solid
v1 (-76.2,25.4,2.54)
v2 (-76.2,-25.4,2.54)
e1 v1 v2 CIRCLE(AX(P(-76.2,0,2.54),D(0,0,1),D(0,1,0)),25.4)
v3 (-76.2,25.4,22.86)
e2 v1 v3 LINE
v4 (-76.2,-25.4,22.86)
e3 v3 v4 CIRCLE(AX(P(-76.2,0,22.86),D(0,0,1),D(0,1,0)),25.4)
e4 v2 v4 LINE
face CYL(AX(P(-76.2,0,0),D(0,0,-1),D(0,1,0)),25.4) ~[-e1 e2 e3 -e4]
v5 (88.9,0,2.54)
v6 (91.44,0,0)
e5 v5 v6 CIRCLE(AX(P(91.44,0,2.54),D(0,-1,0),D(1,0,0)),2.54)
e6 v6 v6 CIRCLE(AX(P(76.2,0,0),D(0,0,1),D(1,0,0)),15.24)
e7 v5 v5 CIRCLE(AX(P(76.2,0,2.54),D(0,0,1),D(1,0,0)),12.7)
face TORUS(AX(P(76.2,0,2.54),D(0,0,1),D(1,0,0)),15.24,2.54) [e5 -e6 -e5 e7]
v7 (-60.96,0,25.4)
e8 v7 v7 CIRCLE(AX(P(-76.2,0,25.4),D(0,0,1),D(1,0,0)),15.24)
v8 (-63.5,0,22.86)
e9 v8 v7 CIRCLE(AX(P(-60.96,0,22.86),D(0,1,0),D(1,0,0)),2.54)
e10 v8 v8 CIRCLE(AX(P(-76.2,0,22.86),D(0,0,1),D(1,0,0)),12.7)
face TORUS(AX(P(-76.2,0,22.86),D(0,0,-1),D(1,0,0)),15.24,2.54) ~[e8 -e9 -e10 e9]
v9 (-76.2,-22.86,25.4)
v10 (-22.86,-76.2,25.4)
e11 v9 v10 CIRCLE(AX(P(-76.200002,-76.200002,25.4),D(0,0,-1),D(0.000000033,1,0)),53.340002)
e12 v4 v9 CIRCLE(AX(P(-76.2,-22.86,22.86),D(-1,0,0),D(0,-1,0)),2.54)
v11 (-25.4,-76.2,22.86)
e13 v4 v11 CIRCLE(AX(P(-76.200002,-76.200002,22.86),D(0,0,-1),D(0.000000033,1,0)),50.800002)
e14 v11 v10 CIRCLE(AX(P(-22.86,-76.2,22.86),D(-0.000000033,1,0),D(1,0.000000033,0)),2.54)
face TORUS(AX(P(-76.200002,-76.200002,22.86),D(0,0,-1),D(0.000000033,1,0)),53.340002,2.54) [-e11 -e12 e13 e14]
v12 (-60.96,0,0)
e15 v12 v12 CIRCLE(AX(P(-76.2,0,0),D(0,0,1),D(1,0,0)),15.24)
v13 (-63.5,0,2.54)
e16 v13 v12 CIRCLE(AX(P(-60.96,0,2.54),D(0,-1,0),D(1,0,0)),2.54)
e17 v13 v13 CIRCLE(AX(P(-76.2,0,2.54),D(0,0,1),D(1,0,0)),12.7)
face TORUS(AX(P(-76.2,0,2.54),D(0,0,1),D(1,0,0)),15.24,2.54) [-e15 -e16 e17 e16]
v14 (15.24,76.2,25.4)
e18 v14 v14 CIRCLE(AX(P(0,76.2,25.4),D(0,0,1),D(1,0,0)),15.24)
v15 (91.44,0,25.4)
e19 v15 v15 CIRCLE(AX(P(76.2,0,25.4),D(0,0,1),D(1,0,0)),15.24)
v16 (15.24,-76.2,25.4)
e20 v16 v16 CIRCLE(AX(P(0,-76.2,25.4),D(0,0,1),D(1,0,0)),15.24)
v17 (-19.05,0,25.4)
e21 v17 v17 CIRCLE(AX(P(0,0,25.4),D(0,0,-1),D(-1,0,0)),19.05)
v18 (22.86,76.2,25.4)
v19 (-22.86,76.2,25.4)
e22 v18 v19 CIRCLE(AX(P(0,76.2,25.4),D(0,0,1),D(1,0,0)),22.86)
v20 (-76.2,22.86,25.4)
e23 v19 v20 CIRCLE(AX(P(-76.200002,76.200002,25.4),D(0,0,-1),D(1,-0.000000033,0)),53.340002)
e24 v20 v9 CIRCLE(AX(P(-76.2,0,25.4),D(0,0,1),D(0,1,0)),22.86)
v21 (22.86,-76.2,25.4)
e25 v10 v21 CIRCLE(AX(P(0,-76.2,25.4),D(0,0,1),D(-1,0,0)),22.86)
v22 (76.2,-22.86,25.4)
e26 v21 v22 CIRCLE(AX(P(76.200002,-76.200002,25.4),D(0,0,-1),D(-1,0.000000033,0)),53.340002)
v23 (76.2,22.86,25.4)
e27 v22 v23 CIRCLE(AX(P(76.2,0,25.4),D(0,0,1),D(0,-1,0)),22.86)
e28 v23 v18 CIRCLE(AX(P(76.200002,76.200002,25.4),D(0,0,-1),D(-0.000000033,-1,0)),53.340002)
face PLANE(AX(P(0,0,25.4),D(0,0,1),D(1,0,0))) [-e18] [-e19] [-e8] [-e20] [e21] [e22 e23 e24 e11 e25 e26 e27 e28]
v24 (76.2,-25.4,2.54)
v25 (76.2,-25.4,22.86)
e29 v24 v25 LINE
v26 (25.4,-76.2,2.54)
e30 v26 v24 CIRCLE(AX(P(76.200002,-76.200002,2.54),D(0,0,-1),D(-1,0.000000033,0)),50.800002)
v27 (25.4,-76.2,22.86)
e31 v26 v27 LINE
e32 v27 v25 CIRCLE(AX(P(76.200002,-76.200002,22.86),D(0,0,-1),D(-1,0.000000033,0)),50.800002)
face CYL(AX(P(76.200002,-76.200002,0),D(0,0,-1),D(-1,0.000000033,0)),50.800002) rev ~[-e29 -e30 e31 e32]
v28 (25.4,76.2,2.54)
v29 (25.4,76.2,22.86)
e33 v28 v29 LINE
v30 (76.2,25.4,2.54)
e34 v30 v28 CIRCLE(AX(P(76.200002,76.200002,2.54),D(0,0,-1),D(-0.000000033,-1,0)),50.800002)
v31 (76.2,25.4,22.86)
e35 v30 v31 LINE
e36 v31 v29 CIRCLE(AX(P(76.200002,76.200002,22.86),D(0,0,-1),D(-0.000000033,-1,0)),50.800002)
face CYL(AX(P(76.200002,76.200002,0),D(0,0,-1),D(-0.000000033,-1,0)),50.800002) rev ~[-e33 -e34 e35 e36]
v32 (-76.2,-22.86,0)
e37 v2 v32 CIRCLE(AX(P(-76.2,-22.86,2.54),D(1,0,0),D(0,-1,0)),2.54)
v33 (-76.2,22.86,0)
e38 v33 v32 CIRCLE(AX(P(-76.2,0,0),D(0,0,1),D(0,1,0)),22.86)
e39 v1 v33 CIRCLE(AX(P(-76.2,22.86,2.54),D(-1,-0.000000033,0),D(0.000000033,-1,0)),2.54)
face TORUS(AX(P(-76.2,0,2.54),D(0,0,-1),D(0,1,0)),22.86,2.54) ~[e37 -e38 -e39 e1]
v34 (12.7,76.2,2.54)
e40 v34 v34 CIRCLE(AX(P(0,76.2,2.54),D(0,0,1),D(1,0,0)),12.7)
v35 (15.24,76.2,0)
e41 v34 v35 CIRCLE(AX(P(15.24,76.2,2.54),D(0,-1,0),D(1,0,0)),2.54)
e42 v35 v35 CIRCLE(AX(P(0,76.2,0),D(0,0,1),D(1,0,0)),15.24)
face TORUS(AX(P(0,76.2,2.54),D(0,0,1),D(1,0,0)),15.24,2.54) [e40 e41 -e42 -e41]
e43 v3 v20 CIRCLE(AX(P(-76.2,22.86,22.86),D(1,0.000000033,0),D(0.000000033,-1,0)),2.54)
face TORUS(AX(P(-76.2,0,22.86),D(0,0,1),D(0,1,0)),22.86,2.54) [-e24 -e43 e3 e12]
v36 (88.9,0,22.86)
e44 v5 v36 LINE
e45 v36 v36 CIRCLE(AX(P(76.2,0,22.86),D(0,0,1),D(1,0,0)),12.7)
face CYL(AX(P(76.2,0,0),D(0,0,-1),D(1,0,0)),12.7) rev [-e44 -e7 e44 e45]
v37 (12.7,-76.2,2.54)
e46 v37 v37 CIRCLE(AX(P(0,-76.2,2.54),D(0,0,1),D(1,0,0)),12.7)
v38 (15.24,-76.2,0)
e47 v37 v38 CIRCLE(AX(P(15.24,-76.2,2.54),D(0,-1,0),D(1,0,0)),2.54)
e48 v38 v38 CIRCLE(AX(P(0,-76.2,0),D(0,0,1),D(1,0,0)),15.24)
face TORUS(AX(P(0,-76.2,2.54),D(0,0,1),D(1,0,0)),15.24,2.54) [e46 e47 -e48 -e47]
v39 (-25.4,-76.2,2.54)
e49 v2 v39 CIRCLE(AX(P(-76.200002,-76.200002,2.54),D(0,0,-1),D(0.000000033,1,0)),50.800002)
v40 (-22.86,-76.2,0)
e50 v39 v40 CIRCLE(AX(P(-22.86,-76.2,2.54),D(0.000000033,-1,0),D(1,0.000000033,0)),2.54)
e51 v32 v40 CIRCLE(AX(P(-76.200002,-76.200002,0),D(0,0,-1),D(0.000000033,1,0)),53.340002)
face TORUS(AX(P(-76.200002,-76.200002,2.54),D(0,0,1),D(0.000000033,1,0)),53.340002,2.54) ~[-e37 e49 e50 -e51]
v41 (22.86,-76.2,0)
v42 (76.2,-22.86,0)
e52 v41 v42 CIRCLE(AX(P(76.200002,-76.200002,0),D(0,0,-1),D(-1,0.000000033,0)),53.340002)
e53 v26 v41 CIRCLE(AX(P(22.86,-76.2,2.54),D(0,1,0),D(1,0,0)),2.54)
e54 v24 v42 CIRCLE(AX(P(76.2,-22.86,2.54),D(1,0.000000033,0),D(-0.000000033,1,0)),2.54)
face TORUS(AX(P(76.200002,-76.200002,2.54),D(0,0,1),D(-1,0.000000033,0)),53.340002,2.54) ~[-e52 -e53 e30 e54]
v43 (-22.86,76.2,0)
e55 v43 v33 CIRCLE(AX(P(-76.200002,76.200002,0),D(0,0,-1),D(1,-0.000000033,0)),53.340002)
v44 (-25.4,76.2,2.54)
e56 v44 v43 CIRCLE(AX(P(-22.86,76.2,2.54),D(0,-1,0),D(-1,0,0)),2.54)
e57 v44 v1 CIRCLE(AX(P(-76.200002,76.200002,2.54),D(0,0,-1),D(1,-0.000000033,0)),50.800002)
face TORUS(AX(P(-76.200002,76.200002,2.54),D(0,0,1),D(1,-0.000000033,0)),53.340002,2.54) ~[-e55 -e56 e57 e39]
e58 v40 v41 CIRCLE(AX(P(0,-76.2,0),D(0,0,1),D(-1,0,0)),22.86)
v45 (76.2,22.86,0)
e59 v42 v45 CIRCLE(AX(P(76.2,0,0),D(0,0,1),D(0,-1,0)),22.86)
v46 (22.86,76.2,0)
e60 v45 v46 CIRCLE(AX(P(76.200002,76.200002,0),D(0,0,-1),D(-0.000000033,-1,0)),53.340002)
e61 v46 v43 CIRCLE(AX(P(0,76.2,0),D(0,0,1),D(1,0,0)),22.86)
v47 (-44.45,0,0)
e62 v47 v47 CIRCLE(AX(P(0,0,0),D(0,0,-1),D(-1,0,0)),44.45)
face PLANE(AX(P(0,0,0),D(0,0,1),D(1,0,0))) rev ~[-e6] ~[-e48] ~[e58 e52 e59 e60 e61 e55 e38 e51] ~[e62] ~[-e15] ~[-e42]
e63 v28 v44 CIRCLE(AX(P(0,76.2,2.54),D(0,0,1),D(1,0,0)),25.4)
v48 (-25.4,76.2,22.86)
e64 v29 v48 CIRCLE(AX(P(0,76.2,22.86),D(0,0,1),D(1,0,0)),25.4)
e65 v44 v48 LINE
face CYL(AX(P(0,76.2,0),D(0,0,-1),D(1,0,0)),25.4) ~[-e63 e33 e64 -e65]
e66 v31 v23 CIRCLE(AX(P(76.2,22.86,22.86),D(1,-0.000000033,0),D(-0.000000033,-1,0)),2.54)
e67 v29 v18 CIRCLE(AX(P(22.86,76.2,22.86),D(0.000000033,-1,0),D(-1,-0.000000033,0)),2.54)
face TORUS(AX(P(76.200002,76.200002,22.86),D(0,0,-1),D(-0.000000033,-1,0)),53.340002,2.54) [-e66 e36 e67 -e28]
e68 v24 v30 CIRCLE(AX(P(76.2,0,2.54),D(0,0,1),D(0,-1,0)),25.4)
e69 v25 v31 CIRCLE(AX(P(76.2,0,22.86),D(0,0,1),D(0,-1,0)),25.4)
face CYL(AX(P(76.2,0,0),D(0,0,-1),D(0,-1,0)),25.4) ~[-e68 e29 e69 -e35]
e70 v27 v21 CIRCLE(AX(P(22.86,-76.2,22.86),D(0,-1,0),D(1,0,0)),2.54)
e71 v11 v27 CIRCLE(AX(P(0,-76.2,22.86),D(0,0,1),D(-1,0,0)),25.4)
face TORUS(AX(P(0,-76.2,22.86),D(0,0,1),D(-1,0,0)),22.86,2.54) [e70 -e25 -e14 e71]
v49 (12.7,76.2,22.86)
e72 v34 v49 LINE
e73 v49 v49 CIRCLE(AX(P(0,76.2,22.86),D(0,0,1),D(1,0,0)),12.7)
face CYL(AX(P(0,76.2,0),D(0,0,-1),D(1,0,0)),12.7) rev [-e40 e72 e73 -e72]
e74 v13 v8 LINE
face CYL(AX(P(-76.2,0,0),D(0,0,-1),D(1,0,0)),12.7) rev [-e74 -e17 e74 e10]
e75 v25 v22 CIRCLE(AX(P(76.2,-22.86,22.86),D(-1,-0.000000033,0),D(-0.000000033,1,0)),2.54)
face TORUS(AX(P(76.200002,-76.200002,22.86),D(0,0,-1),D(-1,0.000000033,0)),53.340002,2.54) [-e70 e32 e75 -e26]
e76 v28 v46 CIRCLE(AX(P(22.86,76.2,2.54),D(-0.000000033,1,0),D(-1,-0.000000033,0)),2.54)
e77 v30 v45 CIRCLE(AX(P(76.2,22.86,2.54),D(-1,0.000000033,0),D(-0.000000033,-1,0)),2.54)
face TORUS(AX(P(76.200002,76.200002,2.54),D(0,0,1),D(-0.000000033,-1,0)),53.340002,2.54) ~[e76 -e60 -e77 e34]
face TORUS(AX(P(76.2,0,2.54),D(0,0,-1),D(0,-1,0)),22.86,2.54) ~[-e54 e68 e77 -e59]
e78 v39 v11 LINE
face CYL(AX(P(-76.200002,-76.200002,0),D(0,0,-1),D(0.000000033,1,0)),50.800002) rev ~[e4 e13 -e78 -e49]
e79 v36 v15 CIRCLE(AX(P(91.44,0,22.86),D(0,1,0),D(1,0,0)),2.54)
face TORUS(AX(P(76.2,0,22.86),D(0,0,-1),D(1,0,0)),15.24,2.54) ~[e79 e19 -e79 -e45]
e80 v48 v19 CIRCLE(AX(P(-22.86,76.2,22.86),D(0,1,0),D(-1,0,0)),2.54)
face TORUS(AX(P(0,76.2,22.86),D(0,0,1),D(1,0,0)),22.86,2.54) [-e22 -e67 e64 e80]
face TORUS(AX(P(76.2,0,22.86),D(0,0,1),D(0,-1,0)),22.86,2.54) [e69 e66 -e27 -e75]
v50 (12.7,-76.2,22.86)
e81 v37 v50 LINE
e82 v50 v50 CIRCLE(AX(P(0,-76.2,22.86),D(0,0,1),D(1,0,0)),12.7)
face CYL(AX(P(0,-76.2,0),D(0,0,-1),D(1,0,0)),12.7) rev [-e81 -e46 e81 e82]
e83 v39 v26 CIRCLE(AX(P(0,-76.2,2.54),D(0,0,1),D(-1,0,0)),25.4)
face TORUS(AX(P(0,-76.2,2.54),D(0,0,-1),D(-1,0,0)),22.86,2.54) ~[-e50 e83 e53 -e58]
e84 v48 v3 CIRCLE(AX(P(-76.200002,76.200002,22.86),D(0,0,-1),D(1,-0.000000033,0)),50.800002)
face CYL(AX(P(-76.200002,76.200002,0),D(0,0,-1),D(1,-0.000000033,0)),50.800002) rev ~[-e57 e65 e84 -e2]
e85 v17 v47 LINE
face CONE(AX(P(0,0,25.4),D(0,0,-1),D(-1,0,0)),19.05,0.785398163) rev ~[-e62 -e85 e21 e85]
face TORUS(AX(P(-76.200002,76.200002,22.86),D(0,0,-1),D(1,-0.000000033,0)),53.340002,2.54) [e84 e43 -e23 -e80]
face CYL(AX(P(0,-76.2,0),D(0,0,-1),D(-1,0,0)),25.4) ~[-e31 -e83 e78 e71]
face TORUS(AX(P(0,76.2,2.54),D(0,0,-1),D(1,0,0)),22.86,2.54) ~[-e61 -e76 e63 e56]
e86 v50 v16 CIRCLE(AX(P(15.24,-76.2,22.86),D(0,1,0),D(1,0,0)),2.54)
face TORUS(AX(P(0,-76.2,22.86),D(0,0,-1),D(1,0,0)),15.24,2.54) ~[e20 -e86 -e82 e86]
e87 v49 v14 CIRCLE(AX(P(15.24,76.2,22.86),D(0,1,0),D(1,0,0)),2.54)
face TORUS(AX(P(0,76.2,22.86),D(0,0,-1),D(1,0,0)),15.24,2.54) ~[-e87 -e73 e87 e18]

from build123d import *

# Parameters (mm, degrees)
F0_R     = 12.7
F1_DEPTH = 25.4
F2_R     = 2.54


with BuildPart() as f1:
    # F0 (on Top) → F1 (new body)
    with BuildSketch(Plane.XY):
        with BuildLine():
            ThreePointArc((76.2, 25.4), (40.278976, 40.278976), (25.4, 76.2))
            ThreePointArc((25.4, 76.2), (0, 101.6), (-25.4, 76.2))
            ThreePointArc((-25.4, 76.2), (-40.278976, 40.278976), (-76.2, 25.4))
            ThreePointArc((-76.2, 25.4), (-101.6, 0), (-76.2, -25.4))
            ThreePointArc((-76.2, -25.4), (-40.278976, -40.278976), (-25.4, -76.2))
            ThreePointArc((-25.4, -76.2), (0, -101.6), (25.4, -76.2))
            ThreePointArc((25.4, -76.2), (40.278976, -40.278976), (76.2, -25.4))
            ThreePointArc((76.2, -25.4), (101.6, 0), (76.2, 25.4))
        make_face()
        with Locations((0, -76.2)):
            Circle(F0_R, mode=Mode.SUBTRACT)
        with Locations((-76.2, 0)):
            Circle(F0_R, mode=Mode.SUBTRACT)
        with Locations((76.2, 0)):
            Circle(F0_R, mode=Mode.SUBTRACT)
        with Locations((0, 76.2)):
            Circle(F0_R, mode=Mode.SUBTRACT)
    extrude(amount=F1_DEPTH)

    # F2
    f2_edges = [f1.edges().sort_by_distance(p)[0] for p in [
        (40.278976, 40.278976, 25.4),
        (0, 101.6, 25.4),
        (-40.278976, 40.278976, 25.4),
        (-101.6, 0, 25.4),
        (-40.278976, -40.278976, 25.4),
        (0, -101.6, 25.4),
        (40.278976, -40.278976, 25.4),
        (101.6, 0, 25.4),
        (-12.7, -76.2, 25.4),
        (-88.9, 0, 25.4),
        (63.5, 0, 25.4),
        (-12.7, 76.2, 25.4),
        (40.278976, 40.278976, 0),
        (0, 101.6, 0),
        (-40.278976, 40.278976, 0),
        (-101.6, 0, 0),
        (-40.278976, -40.278976, 0),
        (0, -101.6, 0),
        (40.278976, -40.278976, 0),
        (101.6, 0, 0),
        (-12.7, -76.2, 0),
        (-88.9, 0, 0),
        (63.5, 0, 0),
        (-12.7, 76.2, 0),
    ]]
    fillet(f2_edges, radius=F2_R)

    # F3 (on Front) → F4 (revolve, cut)
    with BuildSketch(Plane.XZ):
        Polygon((-44.45, 0), (0, 0), (0, 25.4), (-19.05, 25.4), align=None)
    revolve(axis=Axis((0, 0, -8.501796), (0, 0, -1)), mode=Mode.SUBTRACT)


solid = f1.part
